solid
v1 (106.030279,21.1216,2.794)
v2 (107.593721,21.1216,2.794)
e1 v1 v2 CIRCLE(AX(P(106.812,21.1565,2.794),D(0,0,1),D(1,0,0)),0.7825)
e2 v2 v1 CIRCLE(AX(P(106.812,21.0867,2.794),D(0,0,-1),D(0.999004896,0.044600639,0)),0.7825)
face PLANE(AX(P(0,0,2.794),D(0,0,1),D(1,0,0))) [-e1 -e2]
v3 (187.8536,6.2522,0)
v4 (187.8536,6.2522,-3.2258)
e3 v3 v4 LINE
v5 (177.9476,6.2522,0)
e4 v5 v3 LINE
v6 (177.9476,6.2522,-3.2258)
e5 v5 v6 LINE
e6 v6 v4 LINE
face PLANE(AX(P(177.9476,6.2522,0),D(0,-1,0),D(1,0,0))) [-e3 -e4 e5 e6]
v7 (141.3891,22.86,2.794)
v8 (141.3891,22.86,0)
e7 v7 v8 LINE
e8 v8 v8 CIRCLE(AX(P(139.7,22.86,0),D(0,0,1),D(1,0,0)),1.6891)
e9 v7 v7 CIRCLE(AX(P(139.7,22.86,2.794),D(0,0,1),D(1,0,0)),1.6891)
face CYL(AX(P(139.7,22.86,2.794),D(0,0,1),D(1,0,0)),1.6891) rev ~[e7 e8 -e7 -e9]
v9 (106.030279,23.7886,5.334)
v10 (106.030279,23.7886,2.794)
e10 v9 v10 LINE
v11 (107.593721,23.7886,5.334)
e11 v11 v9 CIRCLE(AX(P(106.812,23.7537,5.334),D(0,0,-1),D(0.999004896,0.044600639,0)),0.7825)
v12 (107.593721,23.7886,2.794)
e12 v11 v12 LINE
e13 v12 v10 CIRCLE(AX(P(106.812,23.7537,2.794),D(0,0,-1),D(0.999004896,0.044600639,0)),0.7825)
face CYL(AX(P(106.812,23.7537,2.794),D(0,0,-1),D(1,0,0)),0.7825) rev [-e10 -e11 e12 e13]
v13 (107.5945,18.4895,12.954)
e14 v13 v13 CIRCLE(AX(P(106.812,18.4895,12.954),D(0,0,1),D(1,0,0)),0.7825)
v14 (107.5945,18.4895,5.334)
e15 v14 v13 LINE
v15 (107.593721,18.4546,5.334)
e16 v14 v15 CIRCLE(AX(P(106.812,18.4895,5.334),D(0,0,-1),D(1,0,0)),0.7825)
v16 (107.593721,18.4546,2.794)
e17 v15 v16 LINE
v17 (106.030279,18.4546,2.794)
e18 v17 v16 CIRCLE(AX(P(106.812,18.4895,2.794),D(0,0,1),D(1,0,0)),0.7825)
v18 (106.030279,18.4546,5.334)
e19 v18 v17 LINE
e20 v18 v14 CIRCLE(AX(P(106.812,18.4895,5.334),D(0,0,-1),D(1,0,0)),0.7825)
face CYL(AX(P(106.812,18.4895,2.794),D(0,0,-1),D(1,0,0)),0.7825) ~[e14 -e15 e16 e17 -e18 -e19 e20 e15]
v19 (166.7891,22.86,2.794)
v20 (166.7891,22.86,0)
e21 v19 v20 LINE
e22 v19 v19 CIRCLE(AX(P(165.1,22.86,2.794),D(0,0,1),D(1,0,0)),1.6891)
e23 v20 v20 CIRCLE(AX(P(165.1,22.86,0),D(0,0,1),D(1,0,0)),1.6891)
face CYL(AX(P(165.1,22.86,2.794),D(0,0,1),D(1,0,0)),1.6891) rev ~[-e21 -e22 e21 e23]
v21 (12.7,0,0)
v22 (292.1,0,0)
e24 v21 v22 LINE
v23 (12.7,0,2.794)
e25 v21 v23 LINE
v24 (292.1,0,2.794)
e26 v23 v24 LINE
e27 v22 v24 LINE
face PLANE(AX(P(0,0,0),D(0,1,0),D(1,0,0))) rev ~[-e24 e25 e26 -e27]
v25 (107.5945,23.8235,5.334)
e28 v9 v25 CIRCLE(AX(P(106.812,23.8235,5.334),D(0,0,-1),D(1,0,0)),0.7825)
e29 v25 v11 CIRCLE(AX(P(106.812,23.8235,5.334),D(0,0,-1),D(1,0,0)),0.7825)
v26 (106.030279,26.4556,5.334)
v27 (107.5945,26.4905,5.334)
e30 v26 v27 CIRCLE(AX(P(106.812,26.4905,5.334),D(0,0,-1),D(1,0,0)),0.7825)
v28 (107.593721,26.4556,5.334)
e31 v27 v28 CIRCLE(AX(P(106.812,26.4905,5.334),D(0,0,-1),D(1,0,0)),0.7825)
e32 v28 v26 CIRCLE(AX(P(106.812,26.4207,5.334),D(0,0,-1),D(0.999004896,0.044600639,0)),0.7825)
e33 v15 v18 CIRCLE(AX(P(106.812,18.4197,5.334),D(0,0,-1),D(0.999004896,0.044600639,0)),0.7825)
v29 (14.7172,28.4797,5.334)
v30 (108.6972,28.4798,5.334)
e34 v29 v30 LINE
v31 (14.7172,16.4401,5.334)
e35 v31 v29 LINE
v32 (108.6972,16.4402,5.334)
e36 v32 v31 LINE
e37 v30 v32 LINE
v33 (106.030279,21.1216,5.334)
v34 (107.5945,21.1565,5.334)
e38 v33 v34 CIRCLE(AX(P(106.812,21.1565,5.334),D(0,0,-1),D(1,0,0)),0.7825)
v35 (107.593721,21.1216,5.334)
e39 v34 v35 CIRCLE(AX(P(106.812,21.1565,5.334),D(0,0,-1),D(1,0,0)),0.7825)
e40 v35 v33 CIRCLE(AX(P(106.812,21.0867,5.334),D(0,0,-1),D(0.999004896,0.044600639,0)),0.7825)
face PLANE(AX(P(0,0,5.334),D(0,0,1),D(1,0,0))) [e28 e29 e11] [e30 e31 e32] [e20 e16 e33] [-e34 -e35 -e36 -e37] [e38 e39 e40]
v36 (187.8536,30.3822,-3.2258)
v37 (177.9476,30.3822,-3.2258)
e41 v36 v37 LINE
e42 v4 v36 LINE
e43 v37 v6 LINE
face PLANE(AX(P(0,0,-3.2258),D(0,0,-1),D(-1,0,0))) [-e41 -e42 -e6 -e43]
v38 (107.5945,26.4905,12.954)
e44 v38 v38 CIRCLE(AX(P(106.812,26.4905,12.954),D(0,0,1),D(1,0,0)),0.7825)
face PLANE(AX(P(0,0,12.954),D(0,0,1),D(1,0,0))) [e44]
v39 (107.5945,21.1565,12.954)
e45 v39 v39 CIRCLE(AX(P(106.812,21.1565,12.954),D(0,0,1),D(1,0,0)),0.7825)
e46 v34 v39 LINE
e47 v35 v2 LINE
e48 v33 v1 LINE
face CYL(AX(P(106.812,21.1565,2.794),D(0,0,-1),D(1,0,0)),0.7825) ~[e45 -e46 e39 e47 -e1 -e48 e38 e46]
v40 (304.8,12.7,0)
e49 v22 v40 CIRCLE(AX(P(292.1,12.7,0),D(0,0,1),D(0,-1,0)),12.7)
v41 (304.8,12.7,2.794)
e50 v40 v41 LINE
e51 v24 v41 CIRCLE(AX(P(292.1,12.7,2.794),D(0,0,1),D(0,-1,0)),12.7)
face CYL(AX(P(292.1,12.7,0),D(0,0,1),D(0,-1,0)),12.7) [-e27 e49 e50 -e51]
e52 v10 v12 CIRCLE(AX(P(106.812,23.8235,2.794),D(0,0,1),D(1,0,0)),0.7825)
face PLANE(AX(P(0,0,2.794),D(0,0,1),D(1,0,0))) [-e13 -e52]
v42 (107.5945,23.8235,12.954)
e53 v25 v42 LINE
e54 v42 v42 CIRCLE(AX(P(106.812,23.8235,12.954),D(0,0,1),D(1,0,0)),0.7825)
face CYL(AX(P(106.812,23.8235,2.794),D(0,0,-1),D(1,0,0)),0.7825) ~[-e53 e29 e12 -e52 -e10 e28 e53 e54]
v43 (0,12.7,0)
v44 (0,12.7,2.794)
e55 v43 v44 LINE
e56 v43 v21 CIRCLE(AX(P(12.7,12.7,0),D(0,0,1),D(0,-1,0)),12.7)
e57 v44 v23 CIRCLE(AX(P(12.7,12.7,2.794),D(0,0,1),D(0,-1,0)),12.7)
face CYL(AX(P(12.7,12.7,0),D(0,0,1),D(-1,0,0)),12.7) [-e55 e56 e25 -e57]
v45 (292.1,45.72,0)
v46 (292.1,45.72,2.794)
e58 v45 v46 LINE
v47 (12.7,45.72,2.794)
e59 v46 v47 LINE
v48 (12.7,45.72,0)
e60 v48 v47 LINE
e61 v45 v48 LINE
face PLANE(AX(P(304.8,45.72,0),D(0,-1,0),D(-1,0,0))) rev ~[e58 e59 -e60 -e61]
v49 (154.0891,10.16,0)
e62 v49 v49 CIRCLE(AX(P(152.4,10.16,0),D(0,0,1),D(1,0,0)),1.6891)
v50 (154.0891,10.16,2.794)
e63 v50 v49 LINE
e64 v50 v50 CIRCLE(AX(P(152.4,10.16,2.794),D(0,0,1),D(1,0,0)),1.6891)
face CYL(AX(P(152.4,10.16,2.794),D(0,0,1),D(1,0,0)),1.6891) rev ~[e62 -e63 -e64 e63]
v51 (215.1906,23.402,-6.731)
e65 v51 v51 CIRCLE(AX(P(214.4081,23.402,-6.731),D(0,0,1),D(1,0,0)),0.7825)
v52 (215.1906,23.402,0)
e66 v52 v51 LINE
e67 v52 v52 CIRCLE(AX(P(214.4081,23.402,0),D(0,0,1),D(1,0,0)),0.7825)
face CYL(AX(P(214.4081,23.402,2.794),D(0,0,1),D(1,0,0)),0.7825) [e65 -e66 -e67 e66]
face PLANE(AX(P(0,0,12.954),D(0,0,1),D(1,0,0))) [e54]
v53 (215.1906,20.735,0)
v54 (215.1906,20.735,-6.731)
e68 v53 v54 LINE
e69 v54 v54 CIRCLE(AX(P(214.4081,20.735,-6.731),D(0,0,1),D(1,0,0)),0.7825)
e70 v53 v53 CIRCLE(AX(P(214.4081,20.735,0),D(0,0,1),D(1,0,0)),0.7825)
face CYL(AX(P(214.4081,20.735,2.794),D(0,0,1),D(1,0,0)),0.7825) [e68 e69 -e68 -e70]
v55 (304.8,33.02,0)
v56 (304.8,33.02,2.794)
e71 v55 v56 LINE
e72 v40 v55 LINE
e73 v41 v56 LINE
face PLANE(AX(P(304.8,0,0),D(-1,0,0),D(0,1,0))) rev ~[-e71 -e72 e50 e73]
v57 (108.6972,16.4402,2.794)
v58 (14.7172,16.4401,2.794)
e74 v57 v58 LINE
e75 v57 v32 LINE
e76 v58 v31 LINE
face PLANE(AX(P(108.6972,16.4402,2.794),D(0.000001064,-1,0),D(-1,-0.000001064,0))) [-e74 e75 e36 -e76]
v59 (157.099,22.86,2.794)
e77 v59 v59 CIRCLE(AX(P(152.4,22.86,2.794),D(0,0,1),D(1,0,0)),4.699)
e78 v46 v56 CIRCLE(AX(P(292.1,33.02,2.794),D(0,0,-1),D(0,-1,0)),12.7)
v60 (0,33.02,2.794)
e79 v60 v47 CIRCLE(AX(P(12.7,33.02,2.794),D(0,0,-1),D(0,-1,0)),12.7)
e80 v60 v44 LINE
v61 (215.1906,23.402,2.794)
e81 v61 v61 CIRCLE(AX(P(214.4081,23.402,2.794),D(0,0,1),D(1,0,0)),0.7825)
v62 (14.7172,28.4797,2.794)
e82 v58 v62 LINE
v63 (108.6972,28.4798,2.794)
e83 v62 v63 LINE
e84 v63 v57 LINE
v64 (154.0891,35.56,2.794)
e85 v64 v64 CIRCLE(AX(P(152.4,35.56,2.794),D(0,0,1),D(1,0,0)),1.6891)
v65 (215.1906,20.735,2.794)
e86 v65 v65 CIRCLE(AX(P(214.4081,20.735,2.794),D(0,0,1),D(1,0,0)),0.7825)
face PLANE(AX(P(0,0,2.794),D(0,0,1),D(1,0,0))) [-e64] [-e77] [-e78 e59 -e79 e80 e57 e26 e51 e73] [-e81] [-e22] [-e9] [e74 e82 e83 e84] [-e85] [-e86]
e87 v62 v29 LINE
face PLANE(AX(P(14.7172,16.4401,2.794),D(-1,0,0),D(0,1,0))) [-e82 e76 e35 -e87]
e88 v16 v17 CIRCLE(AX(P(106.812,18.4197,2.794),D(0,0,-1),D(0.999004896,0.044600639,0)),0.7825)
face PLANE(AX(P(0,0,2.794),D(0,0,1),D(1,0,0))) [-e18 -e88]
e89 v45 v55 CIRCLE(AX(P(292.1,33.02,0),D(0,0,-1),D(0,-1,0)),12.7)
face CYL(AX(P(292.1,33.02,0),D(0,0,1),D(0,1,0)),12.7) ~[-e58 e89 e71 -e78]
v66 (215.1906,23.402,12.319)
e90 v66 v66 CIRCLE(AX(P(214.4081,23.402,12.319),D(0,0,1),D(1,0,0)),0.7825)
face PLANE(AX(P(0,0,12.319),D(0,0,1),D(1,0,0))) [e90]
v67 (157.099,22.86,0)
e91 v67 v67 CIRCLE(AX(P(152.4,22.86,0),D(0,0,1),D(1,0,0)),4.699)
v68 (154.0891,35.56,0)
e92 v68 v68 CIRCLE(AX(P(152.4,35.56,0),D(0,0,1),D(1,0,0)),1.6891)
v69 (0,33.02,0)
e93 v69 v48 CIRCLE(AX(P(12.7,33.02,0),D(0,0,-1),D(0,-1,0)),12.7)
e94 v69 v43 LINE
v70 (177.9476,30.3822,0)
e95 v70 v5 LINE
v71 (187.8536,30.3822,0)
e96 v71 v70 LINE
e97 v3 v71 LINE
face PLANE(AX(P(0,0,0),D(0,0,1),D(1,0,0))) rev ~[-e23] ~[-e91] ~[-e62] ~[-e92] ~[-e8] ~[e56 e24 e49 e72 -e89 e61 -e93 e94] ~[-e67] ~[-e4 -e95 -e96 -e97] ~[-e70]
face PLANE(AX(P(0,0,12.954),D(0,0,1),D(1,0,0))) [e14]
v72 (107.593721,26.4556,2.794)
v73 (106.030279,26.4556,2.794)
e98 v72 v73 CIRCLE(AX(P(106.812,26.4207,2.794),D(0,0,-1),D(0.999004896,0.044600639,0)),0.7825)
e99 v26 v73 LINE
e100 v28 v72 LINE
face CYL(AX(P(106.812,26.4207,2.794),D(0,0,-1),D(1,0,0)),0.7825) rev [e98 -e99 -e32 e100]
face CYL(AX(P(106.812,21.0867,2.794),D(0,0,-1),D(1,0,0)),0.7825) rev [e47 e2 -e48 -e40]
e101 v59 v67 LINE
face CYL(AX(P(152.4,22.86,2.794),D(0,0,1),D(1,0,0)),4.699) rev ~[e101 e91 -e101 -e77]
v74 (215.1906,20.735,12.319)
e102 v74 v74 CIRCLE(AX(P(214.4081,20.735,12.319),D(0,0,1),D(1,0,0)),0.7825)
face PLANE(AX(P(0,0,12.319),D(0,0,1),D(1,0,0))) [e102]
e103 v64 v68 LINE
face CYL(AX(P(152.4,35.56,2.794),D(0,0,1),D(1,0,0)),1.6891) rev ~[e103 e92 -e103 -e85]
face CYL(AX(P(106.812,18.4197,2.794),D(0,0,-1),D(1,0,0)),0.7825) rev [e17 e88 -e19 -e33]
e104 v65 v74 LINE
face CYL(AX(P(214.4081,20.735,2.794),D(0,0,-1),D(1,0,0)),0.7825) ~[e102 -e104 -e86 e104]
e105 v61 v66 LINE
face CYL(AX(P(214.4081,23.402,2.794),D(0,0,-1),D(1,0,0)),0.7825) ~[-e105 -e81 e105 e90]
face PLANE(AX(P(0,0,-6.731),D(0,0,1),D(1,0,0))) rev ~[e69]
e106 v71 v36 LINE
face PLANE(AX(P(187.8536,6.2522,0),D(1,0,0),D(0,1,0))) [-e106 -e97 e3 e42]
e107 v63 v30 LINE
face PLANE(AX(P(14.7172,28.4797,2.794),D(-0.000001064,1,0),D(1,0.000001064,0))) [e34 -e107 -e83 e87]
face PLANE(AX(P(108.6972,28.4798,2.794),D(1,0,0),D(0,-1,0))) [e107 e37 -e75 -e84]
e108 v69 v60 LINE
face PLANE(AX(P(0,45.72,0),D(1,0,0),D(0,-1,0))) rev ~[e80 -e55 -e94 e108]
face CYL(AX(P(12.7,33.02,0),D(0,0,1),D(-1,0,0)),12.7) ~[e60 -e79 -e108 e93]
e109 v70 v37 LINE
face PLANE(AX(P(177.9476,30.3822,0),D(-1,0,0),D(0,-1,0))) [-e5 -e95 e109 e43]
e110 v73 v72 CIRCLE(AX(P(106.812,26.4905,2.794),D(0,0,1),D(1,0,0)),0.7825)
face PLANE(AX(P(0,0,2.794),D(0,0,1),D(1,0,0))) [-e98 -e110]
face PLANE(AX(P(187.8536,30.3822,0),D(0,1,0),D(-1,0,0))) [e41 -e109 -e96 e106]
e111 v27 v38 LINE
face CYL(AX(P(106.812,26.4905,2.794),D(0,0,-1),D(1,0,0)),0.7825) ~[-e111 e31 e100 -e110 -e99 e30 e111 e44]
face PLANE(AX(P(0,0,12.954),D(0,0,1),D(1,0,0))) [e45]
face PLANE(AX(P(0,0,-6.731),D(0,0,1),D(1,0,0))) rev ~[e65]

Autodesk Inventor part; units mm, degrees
ref_plane "YZ Plane" through (0, 0, 0) normal (1, 0, 0) x (0, 1, 0)
ref_plane "XZ Plane" through (0, 0, 0) normal (0, 1, 0) x (-1, 0, 0)
ref_plane "XY Plane" through (0, 0, 0) normal (0, 0, 1) x (1, 0, 0)
sketch "Sketch1" plane through (0, 0, 0) normal (0, 0, 1) x (1, 0, 0)
  line L0 (0, 0) -> (304.8, 0)
  line L1 (304.8, 0) -> (304.8, 45.72)
  line L2 (304.8, 45.72) -> (0, 45.72)
  line L3 (0, 45.72) -> (0, 0)
  dimension "d0" = 304.8
  dimension "d1" = 45.72
extrude "Extrusion1" add sketch "Sketch1" along normal blind 2.794
sketch "Sketch2" plane through (0, 0, 2.794) normal (0, 0, 1) x (1, 0, 0)
  line L0 (114.3, 0) -> (190.5, 0)
  line L1 (190.5, 0) -> (190.5, 35.56)
  line L2 (190.5, 35.56) -> (114.3, 35.56)
  line L3 (114.3, 35.56) -> (114.3, 0)
  line L4 (114.3, 0) -> (190.5, 35.56) construction
  line L5 (190.5, 0) -> (114.3, 35.56) construction
  line L6 (108.6972, 16.51) -> (14.7172, 16.51)
  line L7 (14.7172, 16.51) -> (14.7172, 28.5496)
  line L8 (14.7172, 28.5496) -> (108.6972, 28.5496)
  line L9 (108.6972, 28.5496) -> (108.6972, 16.51)
  line L10 (108.6972, 16.51) -> (14.7172, 28.5496) construction
  line L11 (14.7172, 16.51) -> (108.6972, 28.5496) construction
  circle A0 centre (106.812, 26.4905) radius 0.7825
  line L12 (14.7172, 13.843) -> (108.6972, 25.8826) construction
  circle A1 centre (106.812, 23.8235) radius 0.7825
  line L13 (14.7172, 11.176) -> (108.6972, 23.2156) construction
  circle A2 centre (106.812, 21.1565) radius 0.7825
  line L14 (14.7172, 8.509) -> (108.6972, 20.5486) construction
  circle A3 centre (106.812, 18.4895) radius 0.7825
  line L15 (0, 0) -> (304.8, 0) projected
  line L16 (0, 45.72) -> (0, 0) projected
  point P0 (152.4, 17.78)
  point P1 (61.7072, 22.5298)
  dimension "d4" = 76.2
  dimension "d5" = 35.56
  dimension "d6" = 93.98
  dimension "d7" = 12.0396
  dimension "d10" = 2.667
  dimension "d56" = 16.51
  dimension "d57" = 14.7172
  dimension "d58" = 2.0591
  dimension "d59" = 1.8853
  dimension "d60" = 1.102
extrude "Extrusion2" add sketch "Sketch2" along normal blind 10.16 contours A0 | A1 | A2 | A3
sketch "Sketch3" plane through (0, 0, 2.794) normal (0, 0, 1) x (1, 0, 0)
  line L0 (114.3, 0) -> (190.5, 0)
  line L1 (190.5, 0) -> (190.5, 35.56)
  line L2 (190.5, 35.56) -> (114.3, 35.56)
  line L3 (114.3, 35.56) -> (114.3, 0)
  line L4 (114.3, 0) -> (190.5, 35.56) construction
  line L5 (190.5, 0) -> (114.3, 35.56) construction
  line L6 (108.6972, 16.4402) -> (14.7172, 16.4401)
  line L7 (14.7172, 16.4401) -> (14.7172, 28.4797)
  line L8 (14.7172, 28.4797) -> (108.6972, 28.4798)
  line L9 (108.6972, 28.4798) -> (108.6972, 16.4402)
  line L10 (108.6972, 16.4402) -> (14.7172, 28.4797) construction
  line L11 (14.7172, 16.4401) -> (108.6972, 28.4798) construction
  circle A0 centre (106.812, 26.4207) radius 0.7825
  line L12 (14.7172, 13.7731) -> (108.6972, 25.8128) construction
  circle A1 centre (106.812, 23.7537) radius 0.7825
  line L13 (14.7172, 11.1061) -> (108.6972, 23.1458) construction
  circle A2 centre (106.812, 21.0867) radius 0.7825
  line L14 (14.7172, 8.4391) -> (108.6972, 20.4788) construction
  circle A3 centre (106.812, 18.4197) radius 0.7825
  line L15 (304.8, 45.72) -> (0, 45.72) projected
  line L16 (0, 45.72) -> (0, 0) projected
  line L17 (0, 0) -> (304.8, 0) projected
  point P0 (152.4, 17.78)
  dimension "d17" = 76.2
  dimension "d18" = 35.56
  dimension "d19" = 93.98
  dimension "d20" = 12.0396
  dimension "d21" = 2.667
  dimension "d63" = 2.0591
  dimension "d64" = 1.8853
  dimension "d68" = 16.4401
extrude "Extrusion3" add sketch "Sketch3" along normal blind 2.54 contours L6 L7 L8 L9
sketch "Sketch5" plane through (0, 0, 2.794) normal (0, 0, 1) x (1, 0, 0)
  circle A0 centre (106.812, 23.8235) radius 0.7825 projected
  circle A1 centre (106.812, 21.1565) radius 0.7825 projected
  circle A2 centre (214.4081, 23.402) radius 0.7825
  circle A3 centre (214.4081, 20.735) radius 0.7825
  line L0 (108.6972, 16.4402) -> (108.6972, 28.4798) projected
  point P0 (0, 0)
  dimension "d65" = 107.5969
  dimension "d66" = 105.7108
  dimension "d67" = 107.5961
extrude "Extrusion4" add sketch "Sketch5" along normal mid plane 19.05 contours A2 | A3
sketch "Sketch6" plane through (0, 0, 2.794) normal (0, 0, 1) x (1, 0, 0)
  circle A0 centre (152.4, 35.56) radius 1.6891
  circle A1 centre (152.4, 10.16) radius 1.6891
  circle A2 centre (165.1, 22.86) radius 1.6891
  circle A3 centre (139.7, 22.86) radius 1.6891
  circle A4 centre (152.4, 22.86) radius 4.699
  line L0 (304.8, 45.72) -> (0, 45.72) projected
  line L1 (0, 45.72) -> (0, 0) projected
  dimension "d37" = 3.3782
  dimension "d38" = 3.3782
  dimension "d39" = 3.3782
  dimension "d40" = 3.3782
  dimension "d47" = 9.398
  dimension "d78" = 12.7
  dimension "d79" = 12.7
  dimension "d81" = 12.7
  dimension "d82" = 12.7
  dimension "d83" = 0
extrude "Extrusion5" cut sketch "Sketch6" against normal blind 8.89
fillet "Fillet1" radius 12.7 4 edges at (304.8, 0, 1.397) (304.8, 45.72, 1.397) (0, 0, 1.397) (0, 45.72, 1.397)
sketch "Sketch8" plane through (0, 0, 0) normal (0, 0, -1) x (-1, 0, 0)
  line L0 (-177.9476, 6.2522) -> (-187.8536, 6.2522)
  line L1 (-187.8536, 6.2522) -> (-187.8536, 30.3822)
  line L2 (-187.8536, 30.3822) -> (-177.9476, 30.3822)
  line L3 (-177.9476, 30.3822) -> (-177.9476, 6.2522)
  point P0 (0, 0)
  dimension "d48" = 9.906
  dimension "d49" = 24.13
extrude "Extrusion6" add sketch "Sketch8" along normal blind 3.2258
sketch "Sketch9" plane through (0, 0, 2.794) normal (0, 0, 1) x (1, 0, 0)
  line L0 (102.87, 1.27) -> (217.17, 1.27)
  line L1 (217.17, 1.27) -> (217.17, 44.45)
  line L2 (217.17, 44.45) -> (102.87, 44.45)
  line L3 (102.87, 44.45) -> (102.87, 1.27)
  line L4 (102.87, 1.27) -> (217.17, 44.45) construction
  line L5 (217.17, 1.27) -> (102.87, 44.45) construction
  line L6 (12.7, 0) -> (292.1, 0) projected
  line L7 (304.8, 12.7) -> (304.8, 33.02) projected
  point P0 (160.02, 22.86)
  dimension "d69" = 114.3
  dimension "d70" = 43.18
  dimension "d76" = 44.45
  dimension "d77" = 87.63
properties part number "Base"
